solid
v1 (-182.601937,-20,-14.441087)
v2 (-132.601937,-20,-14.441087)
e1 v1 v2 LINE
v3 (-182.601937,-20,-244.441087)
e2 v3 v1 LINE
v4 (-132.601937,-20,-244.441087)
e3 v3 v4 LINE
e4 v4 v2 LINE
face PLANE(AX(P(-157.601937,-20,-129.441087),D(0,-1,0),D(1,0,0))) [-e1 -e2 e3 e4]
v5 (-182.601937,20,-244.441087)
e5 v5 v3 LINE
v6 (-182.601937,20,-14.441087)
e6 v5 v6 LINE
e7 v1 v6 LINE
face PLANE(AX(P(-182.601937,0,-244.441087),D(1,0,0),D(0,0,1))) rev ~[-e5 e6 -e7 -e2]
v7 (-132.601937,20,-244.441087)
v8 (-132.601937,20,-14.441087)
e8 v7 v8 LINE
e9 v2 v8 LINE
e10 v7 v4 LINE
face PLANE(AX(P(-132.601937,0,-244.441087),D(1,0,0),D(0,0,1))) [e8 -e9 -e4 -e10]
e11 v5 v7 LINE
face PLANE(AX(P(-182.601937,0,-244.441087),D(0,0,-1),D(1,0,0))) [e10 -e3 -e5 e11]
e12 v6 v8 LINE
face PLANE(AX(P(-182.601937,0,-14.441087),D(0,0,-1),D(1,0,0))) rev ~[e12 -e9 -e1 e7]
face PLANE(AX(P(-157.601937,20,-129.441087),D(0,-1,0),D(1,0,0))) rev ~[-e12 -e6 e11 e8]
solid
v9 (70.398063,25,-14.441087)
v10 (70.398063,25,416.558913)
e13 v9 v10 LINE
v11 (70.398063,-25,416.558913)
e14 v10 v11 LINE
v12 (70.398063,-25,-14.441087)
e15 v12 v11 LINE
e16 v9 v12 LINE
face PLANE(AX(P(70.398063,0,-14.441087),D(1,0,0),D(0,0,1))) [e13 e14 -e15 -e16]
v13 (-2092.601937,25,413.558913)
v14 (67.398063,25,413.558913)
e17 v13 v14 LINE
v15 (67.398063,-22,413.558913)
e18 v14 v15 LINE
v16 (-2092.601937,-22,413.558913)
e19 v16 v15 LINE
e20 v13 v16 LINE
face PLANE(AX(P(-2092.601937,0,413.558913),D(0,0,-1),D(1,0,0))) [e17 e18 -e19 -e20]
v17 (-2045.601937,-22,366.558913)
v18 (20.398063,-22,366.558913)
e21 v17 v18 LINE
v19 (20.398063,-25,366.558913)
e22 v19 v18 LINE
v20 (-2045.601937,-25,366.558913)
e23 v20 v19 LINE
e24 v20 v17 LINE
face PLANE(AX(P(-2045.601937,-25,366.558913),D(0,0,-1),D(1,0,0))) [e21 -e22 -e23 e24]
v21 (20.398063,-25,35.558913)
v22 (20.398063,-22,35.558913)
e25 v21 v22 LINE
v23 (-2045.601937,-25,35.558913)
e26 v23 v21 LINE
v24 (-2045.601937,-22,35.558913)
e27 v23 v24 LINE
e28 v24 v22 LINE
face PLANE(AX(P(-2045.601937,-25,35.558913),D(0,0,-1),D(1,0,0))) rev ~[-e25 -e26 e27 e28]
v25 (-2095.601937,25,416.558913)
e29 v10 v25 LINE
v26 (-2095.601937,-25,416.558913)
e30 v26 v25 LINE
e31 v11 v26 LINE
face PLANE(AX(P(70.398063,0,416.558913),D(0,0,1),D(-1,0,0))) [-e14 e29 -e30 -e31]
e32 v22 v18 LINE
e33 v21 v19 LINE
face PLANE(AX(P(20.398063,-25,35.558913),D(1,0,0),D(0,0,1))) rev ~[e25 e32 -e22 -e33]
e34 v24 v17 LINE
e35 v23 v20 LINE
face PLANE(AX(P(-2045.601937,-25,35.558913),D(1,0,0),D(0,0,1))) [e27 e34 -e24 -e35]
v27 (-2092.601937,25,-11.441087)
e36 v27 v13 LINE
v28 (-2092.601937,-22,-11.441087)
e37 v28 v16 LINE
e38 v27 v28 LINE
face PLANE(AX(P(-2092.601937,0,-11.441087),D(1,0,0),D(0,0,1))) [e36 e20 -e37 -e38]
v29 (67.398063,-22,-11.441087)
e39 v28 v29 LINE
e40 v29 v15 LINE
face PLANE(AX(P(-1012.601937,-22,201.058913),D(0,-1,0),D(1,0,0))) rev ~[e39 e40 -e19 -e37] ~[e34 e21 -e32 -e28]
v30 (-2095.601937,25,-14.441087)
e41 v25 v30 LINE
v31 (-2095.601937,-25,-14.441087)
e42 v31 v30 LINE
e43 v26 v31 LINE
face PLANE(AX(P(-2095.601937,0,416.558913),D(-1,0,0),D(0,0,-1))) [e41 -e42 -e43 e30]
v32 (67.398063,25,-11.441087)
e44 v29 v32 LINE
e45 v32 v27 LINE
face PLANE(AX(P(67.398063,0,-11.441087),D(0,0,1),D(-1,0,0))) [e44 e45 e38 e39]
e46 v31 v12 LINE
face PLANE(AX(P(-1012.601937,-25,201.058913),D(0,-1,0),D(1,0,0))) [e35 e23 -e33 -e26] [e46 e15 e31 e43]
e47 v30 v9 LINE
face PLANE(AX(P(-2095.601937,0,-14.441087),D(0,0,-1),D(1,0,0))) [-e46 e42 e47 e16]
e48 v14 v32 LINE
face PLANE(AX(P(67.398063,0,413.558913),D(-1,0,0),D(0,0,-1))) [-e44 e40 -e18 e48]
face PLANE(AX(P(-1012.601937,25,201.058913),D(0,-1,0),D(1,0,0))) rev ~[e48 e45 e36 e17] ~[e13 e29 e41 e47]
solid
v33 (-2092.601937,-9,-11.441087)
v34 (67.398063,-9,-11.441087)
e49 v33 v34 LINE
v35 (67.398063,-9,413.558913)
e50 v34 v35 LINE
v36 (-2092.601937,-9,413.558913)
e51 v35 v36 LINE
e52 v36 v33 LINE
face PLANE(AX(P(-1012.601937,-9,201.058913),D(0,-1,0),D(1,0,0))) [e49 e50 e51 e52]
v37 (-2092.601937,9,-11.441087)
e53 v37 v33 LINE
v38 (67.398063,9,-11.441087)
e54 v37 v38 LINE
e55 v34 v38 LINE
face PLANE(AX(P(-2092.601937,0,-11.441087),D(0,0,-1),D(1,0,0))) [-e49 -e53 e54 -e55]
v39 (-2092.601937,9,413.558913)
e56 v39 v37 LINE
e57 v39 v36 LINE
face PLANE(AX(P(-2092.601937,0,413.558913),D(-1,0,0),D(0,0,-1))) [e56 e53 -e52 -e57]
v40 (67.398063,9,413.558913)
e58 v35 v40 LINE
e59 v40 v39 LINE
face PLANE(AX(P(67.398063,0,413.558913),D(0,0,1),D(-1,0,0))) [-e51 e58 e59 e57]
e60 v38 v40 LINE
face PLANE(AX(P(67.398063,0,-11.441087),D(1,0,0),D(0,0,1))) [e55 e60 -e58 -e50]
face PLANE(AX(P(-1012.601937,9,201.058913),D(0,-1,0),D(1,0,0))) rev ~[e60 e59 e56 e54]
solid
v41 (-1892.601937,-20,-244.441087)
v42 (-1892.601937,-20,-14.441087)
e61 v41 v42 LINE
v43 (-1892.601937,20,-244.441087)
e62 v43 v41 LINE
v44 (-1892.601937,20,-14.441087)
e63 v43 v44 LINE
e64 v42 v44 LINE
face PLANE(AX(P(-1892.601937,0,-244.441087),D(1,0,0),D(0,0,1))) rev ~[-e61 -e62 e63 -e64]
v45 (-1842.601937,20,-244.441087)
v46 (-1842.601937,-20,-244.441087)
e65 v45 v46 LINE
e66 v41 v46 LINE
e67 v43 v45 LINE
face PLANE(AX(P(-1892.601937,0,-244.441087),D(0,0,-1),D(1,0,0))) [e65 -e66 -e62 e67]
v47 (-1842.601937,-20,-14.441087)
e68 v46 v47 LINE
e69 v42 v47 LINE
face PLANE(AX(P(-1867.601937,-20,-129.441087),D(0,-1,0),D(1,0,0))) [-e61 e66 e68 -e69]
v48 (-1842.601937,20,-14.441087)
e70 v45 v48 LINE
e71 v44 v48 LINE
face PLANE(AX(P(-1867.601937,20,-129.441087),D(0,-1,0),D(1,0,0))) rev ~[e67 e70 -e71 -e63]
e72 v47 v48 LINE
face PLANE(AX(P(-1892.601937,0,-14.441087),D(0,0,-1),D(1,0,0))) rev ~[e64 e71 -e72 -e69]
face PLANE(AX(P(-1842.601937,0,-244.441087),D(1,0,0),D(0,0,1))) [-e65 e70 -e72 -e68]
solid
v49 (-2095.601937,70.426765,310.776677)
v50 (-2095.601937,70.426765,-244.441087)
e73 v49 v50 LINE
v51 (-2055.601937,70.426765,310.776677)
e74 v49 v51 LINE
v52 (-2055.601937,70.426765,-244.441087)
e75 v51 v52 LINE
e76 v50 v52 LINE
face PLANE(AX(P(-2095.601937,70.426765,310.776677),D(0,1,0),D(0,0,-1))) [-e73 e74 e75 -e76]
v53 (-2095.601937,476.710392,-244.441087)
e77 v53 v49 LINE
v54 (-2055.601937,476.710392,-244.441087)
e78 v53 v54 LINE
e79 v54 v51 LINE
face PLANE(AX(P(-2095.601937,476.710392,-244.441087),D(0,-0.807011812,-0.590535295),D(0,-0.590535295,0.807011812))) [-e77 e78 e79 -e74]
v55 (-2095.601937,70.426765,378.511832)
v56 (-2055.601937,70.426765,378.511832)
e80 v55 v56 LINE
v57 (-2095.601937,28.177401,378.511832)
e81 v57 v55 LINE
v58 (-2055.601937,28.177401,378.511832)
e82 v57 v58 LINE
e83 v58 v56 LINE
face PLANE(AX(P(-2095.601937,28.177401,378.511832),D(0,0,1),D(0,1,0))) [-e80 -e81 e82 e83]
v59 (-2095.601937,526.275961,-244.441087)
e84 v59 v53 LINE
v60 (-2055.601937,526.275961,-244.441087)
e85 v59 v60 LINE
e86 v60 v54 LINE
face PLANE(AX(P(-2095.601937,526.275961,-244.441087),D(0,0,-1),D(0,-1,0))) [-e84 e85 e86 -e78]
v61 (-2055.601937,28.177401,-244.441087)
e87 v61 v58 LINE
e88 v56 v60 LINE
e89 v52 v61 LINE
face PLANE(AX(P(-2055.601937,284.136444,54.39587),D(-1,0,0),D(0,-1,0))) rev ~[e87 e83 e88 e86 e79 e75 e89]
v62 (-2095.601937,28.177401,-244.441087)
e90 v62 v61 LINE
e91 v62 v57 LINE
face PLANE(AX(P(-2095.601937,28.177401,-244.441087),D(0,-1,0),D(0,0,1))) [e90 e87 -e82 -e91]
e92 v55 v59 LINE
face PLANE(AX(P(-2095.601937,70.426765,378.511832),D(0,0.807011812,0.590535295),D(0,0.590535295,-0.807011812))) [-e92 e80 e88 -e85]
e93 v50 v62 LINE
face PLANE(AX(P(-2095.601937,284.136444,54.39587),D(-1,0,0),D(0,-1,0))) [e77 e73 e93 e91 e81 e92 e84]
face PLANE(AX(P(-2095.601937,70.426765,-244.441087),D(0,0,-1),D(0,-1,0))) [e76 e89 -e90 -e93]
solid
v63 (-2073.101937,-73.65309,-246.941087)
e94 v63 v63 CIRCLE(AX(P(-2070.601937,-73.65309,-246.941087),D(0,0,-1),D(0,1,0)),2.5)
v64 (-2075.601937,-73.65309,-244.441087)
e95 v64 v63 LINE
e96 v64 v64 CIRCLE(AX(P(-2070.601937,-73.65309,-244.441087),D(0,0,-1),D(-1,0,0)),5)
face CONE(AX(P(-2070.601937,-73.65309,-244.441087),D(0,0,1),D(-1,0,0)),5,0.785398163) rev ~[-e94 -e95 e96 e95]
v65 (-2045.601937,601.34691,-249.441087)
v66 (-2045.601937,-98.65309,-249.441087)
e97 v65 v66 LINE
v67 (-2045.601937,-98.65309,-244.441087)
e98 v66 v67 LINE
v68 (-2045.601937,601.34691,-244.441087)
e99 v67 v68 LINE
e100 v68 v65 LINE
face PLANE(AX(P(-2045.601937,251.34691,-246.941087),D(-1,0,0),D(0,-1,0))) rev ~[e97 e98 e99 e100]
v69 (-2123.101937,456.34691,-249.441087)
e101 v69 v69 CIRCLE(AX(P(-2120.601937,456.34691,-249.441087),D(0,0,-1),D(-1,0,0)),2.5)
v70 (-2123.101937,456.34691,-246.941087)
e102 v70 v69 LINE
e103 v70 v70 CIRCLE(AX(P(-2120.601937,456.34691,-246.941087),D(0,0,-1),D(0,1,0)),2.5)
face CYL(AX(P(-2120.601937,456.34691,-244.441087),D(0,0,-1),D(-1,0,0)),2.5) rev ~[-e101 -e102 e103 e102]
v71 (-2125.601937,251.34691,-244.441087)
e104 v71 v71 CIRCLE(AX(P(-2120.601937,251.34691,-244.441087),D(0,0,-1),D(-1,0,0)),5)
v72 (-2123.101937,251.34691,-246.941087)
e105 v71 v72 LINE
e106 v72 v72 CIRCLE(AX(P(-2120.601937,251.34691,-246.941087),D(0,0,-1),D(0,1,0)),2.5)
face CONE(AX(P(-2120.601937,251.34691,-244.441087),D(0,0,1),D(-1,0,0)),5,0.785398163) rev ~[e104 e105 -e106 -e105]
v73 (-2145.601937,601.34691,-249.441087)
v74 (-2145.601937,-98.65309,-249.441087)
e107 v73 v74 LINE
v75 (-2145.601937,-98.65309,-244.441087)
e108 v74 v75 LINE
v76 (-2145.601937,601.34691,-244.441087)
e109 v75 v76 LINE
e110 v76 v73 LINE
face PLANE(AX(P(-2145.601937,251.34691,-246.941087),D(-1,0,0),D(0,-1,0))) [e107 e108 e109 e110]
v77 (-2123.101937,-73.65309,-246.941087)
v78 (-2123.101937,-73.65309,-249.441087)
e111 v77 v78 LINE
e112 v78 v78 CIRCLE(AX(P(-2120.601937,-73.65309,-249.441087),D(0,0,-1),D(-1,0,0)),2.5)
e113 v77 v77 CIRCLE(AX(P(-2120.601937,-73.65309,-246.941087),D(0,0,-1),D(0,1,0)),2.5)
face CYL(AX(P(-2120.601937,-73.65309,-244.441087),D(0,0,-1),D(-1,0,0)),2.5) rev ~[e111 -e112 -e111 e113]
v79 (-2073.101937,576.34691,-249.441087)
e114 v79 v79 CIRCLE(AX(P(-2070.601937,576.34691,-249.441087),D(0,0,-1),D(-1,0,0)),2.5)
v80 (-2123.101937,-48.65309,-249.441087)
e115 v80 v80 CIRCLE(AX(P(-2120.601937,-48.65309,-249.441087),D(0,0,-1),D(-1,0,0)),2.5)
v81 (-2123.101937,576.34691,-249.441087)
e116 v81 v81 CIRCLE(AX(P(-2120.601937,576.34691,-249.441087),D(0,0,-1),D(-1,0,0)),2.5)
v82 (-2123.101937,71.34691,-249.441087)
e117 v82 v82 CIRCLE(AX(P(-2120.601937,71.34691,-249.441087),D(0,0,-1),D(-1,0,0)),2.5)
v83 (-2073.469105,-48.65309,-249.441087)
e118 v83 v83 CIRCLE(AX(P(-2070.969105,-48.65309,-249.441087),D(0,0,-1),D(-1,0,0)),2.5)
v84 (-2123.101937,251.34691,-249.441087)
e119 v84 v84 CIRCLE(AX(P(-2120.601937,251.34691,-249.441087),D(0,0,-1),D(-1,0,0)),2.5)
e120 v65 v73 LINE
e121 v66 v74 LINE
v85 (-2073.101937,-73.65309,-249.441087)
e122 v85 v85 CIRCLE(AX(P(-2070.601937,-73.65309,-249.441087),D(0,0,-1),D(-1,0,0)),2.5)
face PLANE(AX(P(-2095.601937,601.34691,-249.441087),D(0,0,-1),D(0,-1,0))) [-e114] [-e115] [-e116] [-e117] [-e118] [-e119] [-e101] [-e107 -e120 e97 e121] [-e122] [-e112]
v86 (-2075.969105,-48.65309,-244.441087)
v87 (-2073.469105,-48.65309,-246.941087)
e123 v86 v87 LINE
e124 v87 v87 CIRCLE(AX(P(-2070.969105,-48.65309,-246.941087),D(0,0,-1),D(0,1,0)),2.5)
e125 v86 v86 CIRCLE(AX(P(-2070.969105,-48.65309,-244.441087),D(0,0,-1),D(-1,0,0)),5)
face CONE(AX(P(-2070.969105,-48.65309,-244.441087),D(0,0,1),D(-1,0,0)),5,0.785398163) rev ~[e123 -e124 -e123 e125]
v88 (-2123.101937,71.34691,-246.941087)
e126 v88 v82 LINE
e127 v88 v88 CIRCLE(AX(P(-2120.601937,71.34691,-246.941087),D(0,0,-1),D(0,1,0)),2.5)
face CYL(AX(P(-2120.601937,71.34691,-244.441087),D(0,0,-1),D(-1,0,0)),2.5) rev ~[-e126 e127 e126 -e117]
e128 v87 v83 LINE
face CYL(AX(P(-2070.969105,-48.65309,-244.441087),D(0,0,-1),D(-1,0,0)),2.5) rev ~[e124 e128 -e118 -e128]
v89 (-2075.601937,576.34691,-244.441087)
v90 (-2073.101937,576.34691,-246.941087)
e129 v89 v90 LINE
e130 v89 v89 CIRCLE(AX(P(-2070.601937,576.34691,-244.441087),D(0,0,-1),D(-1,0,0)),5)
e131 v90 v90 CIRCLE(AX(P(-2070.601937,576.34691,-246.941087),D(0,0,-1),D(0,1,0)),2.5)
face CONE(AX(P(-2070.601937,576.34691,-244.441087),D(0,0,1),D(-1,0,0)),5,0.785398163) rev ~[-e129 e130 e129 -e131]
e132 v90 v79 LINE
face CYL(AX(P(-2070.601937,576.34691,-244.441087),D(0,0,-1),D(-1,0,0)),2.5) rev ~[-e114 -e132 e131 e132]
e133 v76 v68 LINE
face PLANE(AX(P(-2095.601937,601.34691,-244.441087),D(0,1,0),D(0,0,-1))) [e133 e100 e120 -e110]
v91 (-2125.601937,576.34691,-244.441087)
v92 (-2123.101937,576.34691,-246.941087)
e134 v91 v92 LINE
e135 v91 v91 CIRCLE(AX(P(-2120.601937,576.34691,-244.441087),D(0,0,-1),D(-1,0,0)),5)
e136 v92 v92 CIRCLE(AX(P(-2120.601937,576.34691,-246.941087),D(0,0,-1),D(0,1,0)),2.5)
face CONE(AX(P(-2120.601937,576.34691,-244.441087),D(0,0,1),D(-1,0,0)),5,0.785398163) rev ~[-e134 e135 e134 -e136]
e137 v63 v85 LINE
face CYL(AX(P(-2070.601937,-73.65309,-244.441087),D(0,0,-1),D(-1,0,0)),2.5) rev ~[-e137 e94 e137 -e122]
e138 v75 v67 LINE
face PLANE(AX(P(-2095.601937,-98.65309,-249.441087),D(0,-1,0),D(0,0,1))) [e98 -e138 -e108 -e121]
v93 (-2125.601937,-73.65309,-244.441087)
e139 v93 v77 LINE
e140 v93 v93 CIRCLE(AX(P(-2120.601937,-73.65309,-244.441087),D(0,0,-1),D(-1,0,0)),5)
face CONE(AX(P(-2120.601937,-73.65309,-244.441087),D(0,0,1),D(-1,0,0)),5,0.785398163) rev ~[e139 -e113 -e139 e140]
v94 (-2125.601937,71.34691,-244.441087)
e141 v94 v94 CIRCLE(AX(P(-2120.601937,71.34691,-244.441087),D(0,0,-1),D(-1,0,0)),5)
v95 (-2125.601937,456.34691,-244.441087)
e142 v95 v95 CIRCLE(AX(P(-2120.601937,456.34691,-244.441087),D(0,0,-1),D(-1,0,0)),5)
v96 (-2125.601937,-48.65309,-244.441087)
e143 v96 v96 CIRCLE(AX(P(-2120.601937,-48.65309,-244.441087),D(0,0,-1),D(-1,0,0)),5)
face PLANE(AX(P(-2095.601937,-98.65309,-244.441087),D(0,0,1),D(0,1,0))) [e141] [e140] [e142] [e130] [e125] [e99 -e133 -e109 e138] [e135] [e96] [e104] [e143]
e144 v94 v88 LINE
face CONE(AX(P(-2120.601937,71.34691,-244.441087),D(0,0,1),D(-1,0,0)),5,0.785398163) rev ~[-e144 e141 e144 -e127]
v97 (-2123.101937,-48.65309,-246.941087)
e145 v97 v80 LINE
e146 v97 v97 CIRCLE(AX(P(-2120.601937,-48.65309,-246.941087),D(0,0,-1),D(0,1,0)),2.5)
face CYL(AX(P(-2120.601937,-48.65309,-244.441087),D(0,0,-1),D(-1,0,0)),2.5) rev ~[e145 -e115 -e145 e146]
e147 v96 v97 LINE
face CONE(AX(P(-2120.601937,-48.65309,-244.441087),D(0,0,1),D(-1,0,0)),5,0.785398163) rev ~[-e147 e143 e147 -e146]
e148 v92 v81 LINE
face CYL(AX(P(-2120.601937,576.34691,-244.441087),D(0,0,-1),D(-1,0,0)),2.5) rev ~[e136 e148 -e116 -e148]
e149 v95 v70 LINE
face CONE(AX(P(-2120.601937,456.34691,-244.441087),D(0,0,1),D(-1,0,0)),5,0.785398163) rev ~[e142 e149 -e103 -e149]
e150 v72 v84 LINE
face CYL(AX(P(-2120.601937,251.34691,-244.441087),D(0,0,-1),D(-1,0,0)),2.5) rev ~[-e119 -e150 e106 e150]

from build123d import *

# Parameters (mm, degrees)
F0_W            = 2060
F0_H            = 325
F1_DEPTH        = 9
F2_DEPTH        = 25
F0_W_2          = 50
F0_H_2          = 230
F3_DEPTH        = 20
F4_W            = 2160
F4_H            = 425
F4_W_2          = 2066
F4_H_2          = 331
F5_DEPTH        = 3
F7_DEPTH        = 40
F8_DEPTH        = 50
F10_D           = 5
F10_CSINK_D     = 10
F10_CSINK_ANGLE = 90


with BuildPart() as f1:
    # F0 (on Front) → F1 (new body, symmetric)
    with BuildSketch(Plane.XZ):
        Polygon((67.3980626017, 413.5589126498), (-2092.6019373983, 413.5589126498), (-2092.6019373983, -11.4410873502), (-1892.6019373983, -11.4410873502), (-1842.6019373983, -11.4410873502), (-182.6019373983, -11.4410873502), (-132.6019373983, -11.4410873502), (67.3980626017, -11.4410873502), align=None)
        with Locations((-1012.6019373983, 201.0589126498)):
            Rectangle(F0_W, F0_H, mode=Mode.SUBTRACT)
        with Locations((-1012.6019373983, 201.0589126498)):
            Rectangle(F0_W, F0_H)
    extrude(amount=F1_DEPTH, both=True)


with BuildPart() as f2:
    # F0 (on Front) → F2 (new body, symmetric)
    with BuildSketch(Plane.XZ):
        Polygon((-2095.6019373983, -14.4410873502), (-1892.6019373983, -14.4410873502), (-1842.6019373983, -14.4410873502), (-182.6019373983, -14.4410873502), (-132.6019373983, -14.4410873502), (70.3980626017, -14.4410873502), (70.3980626017, 416.5589126498), (-2095.6019373983, 416.5589126498), align=None)
        Polygon((-2092.6019373983, -11.4410873502), (-2092.6019373983, 413.5589126498), (67.3980626017, 413.5589126498), (67.3980626017, -11.4410873502), (-132.6019373983, -11.4410873502), (-182.6019373983, -11.4410873502), (-1842.6019373983, -11.4410873502), (-1892.6019373983, -11.4410873502), align=None, mode=Mode.SUBTRACT)
    extrude(amount=F2_DEPTH, both=True)

    # F4 (on face) → F5 (join)
    with BuildSketch(Plane.XZ.offset(25)):
        with Locations((-1012.6019373983, 201.0589126498)):
            Rectangle(F4_W, F4_H)
        with Locations((-1012.6019373983, 201.0589126498)):
            Rectangle(F4_W_2, F4_H_2, mode=Mode.SUBTRACT)
    extrude(amount=-F5_DEPTH)


with BuildPart() as f3:
    # F0 (on Front) → F3 (new body, symmetric)
    with BuildSketch(Plane.XZ):
        with Locations((-1867.6019373983, -129.4410873502)):
            Rectangle(F0_W_2, F0_H_2)
    extrude(amount=F3_DEPTH, both=True)


with BuildPart() as f3b:
    # F0 (on Front) → F3, piece 2 (new body, symmetric)
    with BuildSketch(Plane.XZ):
        with Locations((-157.6019373983, -129.4410873502)):
            Rectangle(F0_W_2, F0_H_2)
    extrude(amount=F3_DEPTH, both=True)


with BuildPart() as f7:
    # F6 (on face) → F7 (new body)
    with BuildSketch(Plane(origin=(-2095.6019373983, 0, 0), x_dir=(0, -1, 0), z_dir=(-1, 0, 0))):
        Polygon((-476.710391711, -244.4410873502), (-70.4267646607, 310.776676828), (-70.4267646607, 378.5118322609), (-526.2759611211, -244.4410873502), align=None)
        Polygon((-70.4267646607, 378.5118322609), (-70.4267646607, 310.776676828), (-70.4267646607, -244.4410873502), (-28.1774010509, -244.4410873502), (-28.1774010509, 378.5118322609), align=None)
    extrude(amount=-F7_DEPTH)


with BuildPart() as f8:
    # F6 (on face) → F8 (new body, symmetric)
    with BuildSketch(Plane(origin=(-2095.6019373983, 0, 0), x_dir=(0, -1, 0), z_dir=(-1, 0, 0))):
        Polygon((-70.4267646607, -244.4410873502), (-476.710391711, -244.4410873502), (-526.2759611211, -244.4410873502), (-601.3469099998, -244.4410873502), (-601.3469099998, -249.4410873502), (98.6530900002, -249.4410873502), (98.6530900002, -244.4410873502), (-28.1774010509, -244.4410873502), align=None)
    extrude(amount=F8_DEPTH, both=True)

    # F10 (through all)
    with Locations(Plane.XY.offset(-244.4410873502)):
        with Locations((-2070.6019373983, -73.6530900002), (-2120.6019373983, -73.6530900002), (-2120.6019373983, -48.6530900002), (-2070.9691047668, -48.6530900002), (-2120.6019373983, 71.3469099998), (-2120.6019373983, 251.3469099998), (-2120.6019373983, 456.3469099998), (-2070.6019373983, 576.3469099998), (-2120.6019373983, 576.3469099998)):
            CounterSinkHole(F10_D / 2, F10_CSINK_D / 2, counter_sink_angle=F10_CSINK_ANGLE)


solid = Compound([f1.part, f2.part, f3.part, f3b.part, f7.part, f8.part])
